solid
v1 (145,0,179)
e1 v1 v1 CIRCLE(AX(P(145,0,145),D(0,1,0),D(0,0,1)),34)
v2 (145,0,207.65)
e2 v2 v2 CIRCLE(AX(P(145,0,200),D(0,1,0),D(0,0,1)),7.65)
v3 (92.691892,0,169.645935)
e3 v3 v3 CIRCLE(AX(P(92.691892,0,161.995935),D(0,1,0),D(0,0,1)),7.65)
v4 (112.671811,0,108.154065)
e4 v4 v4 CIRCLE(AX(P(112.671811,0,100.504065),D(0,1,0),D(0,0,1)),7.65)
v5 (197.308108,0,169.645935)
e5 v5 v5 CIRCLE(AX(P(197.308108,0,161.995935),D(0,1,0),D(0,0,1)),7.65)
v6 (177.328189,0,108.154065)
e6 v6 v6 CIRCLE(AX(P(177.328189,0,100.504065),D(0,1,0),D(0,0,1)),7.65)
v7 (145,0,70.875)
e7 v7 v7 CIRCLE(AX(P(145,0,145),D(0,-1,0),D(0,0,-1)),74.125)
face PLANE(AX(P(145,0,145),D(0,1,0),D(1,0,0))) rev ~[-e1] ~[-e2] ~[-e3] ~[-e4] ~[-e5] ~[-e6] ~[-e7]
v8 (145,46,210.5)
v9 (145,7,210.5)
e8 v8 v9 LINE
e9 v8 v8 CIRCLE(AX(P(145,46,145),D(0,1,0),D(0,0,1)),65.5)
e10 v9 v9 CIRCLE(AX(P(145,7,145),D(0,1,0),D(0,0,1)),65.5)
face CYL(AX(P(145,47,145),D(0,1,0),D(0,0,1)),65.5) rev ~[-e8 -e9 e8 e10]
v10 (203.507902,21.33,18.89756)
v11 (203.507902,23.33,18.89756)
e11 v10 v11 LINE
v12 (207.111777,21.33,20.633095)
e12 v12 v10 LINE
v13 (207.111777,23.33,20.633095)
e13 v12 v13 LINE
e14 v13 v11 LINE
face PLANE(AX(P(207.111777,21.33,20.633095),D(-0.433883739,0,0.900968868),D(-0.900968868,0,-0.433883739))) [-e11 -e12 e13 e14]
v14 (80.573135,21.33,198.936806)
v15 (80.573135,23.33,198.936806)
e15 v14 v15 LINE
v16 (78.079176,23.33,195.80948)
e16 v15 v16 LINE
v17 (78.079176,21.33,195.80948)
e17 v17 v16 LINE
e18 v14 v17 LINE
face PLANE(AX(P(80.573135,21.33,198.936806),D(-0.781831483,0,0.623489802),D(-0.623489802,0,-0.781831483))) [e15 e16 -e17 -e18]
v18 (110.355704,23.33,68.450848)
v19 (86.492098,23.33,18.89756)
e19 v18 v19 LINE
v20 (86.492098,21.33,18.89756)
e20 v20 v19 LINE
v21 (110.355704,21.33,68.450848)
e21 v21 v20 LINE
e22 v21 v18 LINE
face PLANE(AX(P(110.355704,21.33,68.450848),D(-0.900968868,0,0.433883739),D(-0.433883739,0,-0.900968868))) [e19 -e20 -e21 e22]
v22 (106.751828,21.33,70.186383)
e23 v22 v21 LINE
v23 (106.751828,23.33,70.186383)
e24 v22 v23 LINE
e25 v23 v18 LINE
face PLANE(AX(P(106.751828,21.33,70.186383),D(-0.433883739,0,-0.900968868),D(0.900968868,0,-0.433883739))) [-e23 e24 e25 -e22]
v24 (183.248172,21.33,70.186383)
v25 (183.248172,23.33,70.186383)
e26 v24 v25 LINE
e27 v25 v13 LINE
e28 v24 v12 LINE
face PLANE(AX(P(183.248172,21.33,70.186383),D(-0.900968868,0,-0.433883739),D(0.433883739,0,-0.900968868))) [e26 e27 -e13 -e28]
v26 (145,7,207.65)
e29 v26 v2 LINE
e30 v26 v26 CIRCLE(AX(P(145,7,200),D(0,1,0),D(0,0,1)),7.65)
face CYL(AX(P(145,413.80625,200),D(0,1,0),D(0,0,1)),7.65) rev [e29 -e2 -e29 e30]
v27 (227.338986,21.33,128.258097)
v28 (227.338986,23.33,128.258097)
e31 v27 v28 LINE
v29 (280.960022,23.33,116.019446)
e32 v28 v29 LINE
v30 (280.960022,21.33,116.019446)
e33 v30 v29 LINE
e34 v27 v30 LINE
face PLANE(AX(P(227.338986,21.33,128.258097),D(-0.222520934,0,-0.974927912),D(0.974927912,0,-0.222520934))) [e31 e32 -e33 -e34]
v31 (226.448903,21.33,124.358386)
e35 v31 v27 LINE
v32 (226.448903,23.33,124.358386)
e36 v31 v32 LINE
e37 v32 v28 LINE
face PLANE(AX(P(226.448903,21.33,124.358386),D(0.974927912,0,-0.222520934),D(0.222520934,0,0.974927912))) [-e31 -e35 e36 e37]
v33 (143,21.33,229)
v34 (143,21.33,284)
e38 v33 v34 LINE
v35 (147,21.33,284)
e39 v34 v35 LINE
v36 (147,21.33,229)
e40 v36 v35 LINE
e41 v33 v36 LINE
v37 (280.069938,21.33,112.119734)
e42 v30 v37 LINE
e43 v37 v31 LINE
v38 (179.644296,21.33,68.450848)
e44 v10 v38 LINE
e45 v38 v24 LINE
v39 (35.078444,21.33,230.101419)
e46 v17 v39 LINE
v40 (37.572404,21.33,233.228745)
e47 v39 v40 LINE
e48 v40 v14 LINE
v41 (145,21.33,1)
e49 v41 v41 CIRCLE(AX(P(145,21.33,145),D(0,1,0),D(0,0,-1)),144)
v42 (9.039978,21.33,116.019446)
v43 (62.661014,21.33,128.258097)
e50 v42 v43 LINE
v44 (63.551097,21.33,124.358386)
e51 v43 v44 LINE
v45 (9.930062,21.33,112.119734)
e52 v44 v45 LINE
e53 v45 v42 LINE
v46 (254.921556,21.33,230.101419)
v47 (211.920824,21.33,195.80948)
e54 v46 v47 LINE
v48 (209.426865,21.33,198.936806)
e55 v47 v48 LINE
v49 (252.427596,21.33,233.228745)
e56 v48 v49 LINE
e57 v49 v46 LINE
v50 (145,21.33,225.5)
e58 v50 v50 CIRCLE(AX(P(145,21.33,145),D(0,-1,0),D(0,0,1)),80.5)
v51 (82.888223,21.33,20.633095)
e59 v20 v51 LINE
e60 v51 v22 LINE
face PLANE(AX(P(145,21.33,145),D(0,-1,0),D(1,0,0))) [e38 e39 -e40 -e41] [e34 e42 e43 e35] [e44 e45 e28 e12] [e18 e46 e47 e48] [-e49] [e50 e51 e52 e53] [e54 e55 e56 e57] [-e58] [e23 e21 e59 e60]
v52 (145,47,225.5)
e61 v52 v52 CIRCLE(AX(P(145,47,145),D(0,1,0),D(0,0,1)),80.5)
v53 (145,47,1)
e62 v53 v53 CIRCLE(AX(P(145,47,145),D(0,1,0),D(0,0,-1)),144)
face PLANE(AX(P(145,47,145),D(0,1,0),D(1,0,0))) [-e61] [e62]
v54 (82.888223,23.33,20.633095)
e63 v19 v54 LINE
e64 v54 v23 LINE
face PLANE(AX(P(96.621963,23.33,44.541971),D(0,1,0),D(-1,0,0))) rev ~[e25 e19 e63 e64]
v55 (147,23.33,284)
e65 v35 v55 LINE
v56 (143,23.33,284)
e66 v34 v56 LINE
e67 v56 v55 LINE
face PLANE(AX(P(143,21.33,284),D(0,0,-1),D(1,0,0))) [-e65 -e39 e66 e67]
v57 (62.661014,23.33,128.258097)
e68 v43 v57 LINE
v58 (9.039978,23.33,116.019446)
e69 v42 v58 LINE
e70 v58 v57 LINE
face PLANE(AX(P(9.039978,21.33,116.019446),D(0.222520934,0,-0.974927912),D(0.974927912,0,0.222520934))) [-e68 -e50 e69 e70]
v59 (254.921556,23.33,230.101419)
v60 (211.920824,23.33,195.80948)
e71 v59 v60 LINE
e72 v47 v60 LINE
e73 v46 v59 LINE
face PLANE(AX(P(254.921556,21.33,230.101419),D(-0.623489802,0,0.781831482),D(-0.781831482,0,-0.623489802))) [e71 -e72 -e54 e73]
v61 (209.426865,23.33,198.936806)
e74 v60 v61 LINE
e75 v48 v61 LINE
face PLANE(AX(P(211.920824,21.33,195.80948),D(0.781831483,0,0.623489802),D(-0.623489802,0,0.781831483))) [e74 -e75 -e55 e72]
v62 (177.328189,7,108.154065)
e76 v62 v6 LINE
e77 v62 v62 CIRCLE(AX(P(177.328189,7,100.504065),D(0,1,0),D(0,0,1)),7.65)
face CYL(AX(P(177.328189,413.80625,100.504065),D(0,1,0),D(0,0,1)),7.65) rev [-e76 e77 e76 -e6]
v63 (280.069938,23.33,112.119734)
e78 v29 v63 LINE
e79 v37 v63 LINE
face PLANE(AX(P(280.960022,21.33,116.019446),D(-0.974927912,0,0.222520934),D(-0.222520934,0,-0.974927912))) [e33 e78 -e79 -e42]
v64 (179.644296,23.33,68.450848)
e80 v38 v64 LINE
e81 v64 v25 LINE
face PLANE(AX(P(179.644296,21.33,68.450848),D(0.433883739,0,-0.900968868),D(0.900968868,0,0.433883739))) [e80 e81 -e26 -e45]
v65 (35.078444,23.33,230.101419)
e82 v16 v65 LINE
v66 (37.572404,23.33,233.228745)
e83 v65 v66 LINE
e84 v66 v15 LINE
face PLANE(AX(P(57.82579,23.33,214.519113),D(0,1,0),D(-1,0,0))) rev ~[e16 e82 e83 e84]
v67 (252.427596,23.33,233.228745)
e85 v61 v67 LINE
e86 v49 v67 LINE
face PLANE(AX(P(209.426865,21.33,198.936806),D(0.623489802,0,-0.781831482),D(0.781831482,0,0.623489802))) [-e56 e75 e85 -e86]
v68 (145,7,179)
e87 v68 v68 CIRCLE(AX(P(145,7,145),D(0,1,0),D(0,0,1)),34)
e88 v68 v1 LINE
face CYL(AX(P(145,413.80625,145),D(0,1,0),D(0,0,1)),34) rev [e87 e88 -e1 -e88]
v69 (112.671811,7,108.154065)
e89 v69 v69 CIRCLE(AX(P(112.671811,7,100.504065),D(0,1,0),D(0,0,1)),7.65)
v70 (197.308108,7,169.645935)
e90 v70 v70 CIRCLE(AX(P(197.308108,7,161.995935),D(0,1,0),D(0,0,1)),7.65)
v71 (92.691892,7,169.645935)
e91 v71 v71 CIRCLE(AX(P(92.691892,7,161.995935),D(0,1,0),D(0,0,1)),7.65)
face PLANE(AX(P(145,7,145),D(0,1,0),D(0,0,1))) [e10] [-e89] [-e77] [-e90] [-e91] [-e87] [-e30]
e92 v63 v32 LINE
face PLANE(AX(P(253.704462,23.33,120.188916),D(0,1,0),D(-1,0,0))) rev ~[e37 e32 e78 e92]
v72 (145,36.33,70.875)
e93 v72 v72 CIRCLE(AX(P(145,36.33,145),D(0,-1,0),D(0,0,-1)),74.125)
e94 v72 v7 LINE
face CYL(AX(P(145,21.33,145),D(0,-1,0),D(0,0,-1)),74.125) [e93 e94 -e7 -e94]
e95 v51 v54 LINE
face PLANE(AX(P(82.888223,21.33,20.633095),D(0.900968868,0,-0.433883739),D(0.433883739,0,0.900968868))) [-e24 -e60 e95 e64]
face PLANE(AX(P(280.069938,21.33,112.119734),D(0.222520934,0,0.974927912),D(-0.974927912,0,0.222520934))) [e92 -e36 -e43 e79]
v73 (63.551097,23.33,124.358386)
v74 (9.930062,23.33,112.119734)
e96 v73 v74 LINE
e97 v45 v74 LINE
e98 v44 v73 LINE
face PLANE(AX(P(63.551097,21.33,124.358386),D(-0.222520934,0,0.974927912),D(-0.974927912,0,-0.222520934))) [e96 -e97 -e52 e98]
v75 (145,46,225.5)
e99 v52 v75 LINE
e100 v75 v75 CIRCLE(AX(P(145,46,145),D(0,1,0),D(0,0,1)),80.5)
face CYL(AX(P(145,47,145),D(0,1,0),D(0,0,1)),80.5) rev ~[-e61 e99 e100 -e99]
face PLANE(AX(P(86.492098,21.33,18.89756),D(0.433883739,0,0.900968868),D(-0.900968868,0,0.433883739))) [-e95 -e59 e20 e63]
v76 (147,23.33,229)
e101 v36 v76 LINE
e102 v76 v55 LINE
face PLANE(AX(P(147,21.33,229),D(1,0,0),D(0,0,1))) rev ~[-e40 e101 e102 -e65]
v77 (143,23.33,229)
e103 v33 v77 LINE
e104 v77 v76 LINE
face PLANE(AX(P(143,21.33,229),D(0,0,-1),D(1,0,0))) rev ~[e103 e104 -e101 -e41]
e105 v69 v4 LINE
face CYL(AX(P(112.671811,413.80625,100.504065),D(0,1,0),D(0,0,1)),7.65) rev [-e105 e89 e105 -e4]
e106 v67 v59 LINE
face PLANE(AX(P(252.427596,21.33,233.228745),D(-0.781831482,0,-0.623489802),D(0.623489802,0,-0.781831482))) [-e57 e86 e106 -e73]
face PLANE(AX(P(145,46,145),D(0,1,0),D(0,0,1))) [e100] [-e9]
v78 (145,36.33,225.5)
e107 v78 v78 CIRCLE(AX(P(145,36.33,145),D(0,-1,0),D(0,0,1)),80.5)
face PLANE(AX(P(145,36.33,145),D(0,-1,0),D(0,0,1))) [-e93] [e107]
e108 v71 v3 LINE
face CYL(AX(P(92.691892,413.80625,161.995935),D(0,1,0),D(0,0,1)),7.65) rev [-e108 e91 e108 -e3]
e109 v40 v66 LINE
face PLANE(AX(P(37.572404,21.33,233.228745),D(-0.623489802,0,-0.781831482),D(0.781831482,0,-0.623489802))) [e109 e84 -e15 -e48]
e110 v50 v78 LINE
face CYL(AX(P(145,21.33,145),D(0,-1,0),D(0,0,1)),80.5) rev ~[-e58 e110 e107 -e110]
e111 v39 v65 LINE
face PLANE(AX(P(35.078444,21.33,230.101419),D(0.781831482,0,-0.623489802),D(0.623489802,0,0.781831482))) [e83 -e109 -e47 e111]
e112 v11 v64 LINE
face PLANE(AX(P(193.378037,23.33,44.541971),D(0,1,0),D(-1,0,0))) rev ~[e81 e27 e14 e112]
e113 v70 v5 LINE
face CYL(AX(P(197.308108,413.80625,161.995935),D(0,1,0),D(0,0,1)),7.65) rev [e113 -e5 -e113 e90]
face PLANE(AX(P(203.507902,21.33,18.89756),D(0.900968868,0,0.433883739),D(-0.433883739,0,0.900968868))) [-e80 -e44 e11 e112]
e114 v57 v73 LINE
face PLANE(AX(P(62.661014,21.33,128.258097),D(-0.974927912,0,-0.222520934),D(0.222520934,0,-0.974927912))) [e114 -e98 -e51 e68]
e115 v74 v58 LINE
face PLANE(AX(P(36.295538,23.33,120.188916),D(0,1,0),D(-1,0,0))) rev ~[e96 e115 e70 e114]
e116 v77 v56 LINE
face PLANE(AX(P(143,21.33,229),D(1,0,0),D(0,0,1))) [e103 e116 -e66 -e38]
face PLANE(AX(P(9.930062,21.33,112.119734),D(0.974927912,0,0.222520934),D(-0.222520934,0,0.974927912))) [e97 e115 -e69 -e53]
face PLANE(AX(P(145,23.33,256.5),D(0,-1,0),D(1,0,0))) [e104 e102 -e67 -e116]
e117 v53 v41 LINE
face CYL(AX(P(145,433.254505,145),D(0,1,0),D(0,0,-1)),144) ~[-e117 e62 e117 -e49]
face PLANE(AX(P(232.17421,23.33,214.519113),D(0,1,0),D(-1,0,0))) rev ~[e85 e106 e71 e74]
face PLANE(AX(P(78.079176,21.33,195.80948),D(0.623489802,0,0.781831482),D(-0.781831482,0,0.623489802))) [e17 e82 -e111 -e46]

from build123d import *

# Parameters (mm, degrees)
SKETCH1_W               = 290
SKETCH1_H               = 290
BOSS_EXTRUDE1_DEPTH     = 47
SKETCH2_R               = 65.5
CUT_EXTRUDE1_DEPTH      = 40
SKETCH3_R               = 80.5
CUT_EXTRUDE2_DEPTH      = 1
SKETCH4_OUTSIDE_W       = 374.562
SKETCH4_OUTSIDE_H       = 374.562
SKETCH4_OUTSIDE_R       = 74.125
CUT_EXTRUDE3_DEPTH      = 21.33
CUT_EXTRUDE4_DEPTH      = 413.806249953
CUT_EXTRUDE4_DEPTH_BACK = 413.806249953
SKETCH5_R               = 34
CUT_EXTRUDE5_DEPTH      = 413.806249953
CUT_EXTRUDE5_DEPTH_BACK = 413.806249953
SKETCH6_R               = 7.65
SKETCH7_R               = 80.5
SKETCH7_R_2             = 74.125
CUT_EXTRUDE6_DEPTH      = 15
SKETCH8_W               = 4
SKETCH8_H               = 55
CUT_EXTRUDE7_DEPTH      = 2
CUT_EXTRUDE8_DEPTH      = 411.92450511
CUT_EXTRUDE8_DEPTH_BACK = 411.92450511
SKETCH9_OUTSIDE_W       = 374.562
SKETCH9_OUTSIDE_H       = 374.562
SKETCH9_OUTSIDE_R       = 144


with BuildPart() as part:
    # Sketch1 → Boss-Extrude1 (new body)
    with BuildSketch(Plane(origin=(0, 0, 0), x_dir=(1, 0, 0), z_dir=(0, 1, 0))):
        with Locations((145, -145)):
            Rectangle(SKETCH1_W, SKETCH1_H)
    extrude(amount=BOSS_EXTRUDE1_DEPTH)

    # Sketch2 → Cut-Extrude1 (cut)
    with BuildSketch(Plane(origin=(0, 47, 0), x_dir=(1, 0, 0), z_dir=(0, 1, 0))):
        with Locations(Location((145, -145, 0), (0, 0, 270))):
            Circle(SKETCH2_R)
    extrude(amount=-CUT_EXTRUDE1_DEPTH, mode=Mode.SUBTRACT)

    # Sketch3 → Cut-Extrude2 (cut)
    with BuildSketch(Plane(origin=(0, 47, 0), x_dir=(1, 0, 0), z_dir=(0, 1, 0))):
        with Locations(Location((145, -145, 0), (0, 0, 270))):
            Circle(SKETCH3_R)
    extrude(amount=-CUT_EXTRUDE2_DEPTH, mode=Mode.SUBTRACT)

    # Sketch4 outside → Cut-Extrude3 (cut)
    with BuildSketch(Plane.XZ):
        with Locations((145, 145)):
            Rectangle(SKETCH4_OUTSIDE_W, SKETCH4_OUTSIDE_H)
        with Locations(Location((145, 145, 0), (0, 0, 270))):
            Circle(SKETCH4_OUTSIDE_R, mode=Mode.SUBTRACT)
    extrude(amount=-CUT_EXTRUDE3_DEPTH, mode=Mode.SUBTRACT)

    # Sketch5 → Cut-Extrude4 (cut, two sides: drawn at the far end of the back side and taken through both)
    with BuildSketch(Plane.XZ.offset(-CUT_EXTRUDE4_DEPTH_BACK)):
        with Locations(Location((145, 145, 0), (0, 0, 90))):
            Circle(SKETCH5_R)
    extrude(amount=CUT_EXTRUDE4_DEPTH + CUT_EXTRUDE4_DEPTH_BACK, mode=Mode.SUBTRACT)

    # Sketch6 → Cut-Extrude5 (cut, two sides: drawn at the far end of the back side and taken through both)
    with BuildSketch(Plane.XZ.offset(-CUT_EXTRUDE5_DEPTH_BACK)):
        with Locations(Location((145, 200, 0), (0, 0, 90))):
            Circle(SKETCH6_R)
        with Locations(Location((197.308108396, 161.995934691, 0), (0, 0, 90))):
            Circle(SKETCH6_R)
        with Locations(Location((177.328188876, 100.504065309, 0), (0, 0, 90))):
            Circle(SKETCH6_R)
        with Locations(Location((112.671811124, 100.504065309, 0), (0, 0, 90))):
            Circle(SKETCH6_R)
        with Locations(Location((92.691891604, 161.995934691, 0), (0, 0, 90))):
            Circle(SKETCH6_R)
    extrude(amount=CUT_EXTRUDE5_DEPTH + CUT_EXTRUDE5_DEPTH_BACK, mode=Mode.SUBTRACT)

    # Sketch7 → Cut-Extrude6 (cut)
    with BuildSketch(Plane.XZ.offset(-21.33)):
        with Locations(Location((145, 145, 0), (0, 0, 90))):
            Circle(SKETCH7_R)
        with Locations(Location((145, 145, 0), (0, 0, 270))):
            Circle(SKETCH7_R_2, mode=Mode.SUBTRACT)
    extrude(amount=-CUT_EXTRUDE6_DEPTH, mode=Mode.SUBTRACT)

    # Sketch8 → Cut-Extrude7 (cut)
    with BuildSketch(Plane.XZ.offset(-21.33)):
        Polygon((254.921555667, 230.101419493), (211.920824131, 195.809480391), (209.426864924, 198.936806321), (252.427596459, 233.228745423), align=None)
        with Locations((145, 256.5)):
            Rectangle(SKETCH8_W, SKETCH8_H)
        Polygon((280.069937925, 112.119734356), (226.448902755, 124.358385723), (227.338986491, 128.258097372), (280.960021661, 116.019446004), align=None)
        Polygon((203.507902002, 18.897559883), (179.64429635, 68.450847618), (183.248171822, 70.186382574), (207.111777473, 20.63309484), align=None)
        Polygon((82.888222527, 20.63309484), (106.751828178, 70.186382574), (110.35570365, 68.450847618), (86.492097998, 18.897559883), align=None)
        Polygon((9.039978339, 116.019446004), (62.661013509, 128.258097372), (63.551097245, 124.358385723), (9.930062075, 112.119734356), align=None)
        Polygon((37.572403541, 233.228745423), (80.573135076, 198.936806321), (78.079175869, 195.809480391), (35.078444333, 230.101419493), align=None)
    extrude(amount=-CUT_EXTRUDE7_DEPTH, mode=Mode.SUBTRACT)

    # Sketch9 outside → Cut-Extrude8 (cut, two sides: drawn at the far end of the back side and taken through both)
    with BuildSketch(Plane.XZ.offset(-21.33).offset(-CUT_EXTRUDE8_DEPTH_BACK)):
        with Locations((145, 145)):
            Rectangle(SKETCH9_OUTSIDE_W, SKETCH9_OUTSIDE_H)
        with Locations(Location((145, 145, 0), (0, 0, 270))):
            Circle(SKETCH9_OUTSIDE_R, mode=Mode.SUBTRACT)
    extrude(amount=CUT_EXTRUDE8_DEPTH + CUT_EXTRUDE8_DEPTH_BACK, mode=Mode.SUBTRACT)


solid = part.part
